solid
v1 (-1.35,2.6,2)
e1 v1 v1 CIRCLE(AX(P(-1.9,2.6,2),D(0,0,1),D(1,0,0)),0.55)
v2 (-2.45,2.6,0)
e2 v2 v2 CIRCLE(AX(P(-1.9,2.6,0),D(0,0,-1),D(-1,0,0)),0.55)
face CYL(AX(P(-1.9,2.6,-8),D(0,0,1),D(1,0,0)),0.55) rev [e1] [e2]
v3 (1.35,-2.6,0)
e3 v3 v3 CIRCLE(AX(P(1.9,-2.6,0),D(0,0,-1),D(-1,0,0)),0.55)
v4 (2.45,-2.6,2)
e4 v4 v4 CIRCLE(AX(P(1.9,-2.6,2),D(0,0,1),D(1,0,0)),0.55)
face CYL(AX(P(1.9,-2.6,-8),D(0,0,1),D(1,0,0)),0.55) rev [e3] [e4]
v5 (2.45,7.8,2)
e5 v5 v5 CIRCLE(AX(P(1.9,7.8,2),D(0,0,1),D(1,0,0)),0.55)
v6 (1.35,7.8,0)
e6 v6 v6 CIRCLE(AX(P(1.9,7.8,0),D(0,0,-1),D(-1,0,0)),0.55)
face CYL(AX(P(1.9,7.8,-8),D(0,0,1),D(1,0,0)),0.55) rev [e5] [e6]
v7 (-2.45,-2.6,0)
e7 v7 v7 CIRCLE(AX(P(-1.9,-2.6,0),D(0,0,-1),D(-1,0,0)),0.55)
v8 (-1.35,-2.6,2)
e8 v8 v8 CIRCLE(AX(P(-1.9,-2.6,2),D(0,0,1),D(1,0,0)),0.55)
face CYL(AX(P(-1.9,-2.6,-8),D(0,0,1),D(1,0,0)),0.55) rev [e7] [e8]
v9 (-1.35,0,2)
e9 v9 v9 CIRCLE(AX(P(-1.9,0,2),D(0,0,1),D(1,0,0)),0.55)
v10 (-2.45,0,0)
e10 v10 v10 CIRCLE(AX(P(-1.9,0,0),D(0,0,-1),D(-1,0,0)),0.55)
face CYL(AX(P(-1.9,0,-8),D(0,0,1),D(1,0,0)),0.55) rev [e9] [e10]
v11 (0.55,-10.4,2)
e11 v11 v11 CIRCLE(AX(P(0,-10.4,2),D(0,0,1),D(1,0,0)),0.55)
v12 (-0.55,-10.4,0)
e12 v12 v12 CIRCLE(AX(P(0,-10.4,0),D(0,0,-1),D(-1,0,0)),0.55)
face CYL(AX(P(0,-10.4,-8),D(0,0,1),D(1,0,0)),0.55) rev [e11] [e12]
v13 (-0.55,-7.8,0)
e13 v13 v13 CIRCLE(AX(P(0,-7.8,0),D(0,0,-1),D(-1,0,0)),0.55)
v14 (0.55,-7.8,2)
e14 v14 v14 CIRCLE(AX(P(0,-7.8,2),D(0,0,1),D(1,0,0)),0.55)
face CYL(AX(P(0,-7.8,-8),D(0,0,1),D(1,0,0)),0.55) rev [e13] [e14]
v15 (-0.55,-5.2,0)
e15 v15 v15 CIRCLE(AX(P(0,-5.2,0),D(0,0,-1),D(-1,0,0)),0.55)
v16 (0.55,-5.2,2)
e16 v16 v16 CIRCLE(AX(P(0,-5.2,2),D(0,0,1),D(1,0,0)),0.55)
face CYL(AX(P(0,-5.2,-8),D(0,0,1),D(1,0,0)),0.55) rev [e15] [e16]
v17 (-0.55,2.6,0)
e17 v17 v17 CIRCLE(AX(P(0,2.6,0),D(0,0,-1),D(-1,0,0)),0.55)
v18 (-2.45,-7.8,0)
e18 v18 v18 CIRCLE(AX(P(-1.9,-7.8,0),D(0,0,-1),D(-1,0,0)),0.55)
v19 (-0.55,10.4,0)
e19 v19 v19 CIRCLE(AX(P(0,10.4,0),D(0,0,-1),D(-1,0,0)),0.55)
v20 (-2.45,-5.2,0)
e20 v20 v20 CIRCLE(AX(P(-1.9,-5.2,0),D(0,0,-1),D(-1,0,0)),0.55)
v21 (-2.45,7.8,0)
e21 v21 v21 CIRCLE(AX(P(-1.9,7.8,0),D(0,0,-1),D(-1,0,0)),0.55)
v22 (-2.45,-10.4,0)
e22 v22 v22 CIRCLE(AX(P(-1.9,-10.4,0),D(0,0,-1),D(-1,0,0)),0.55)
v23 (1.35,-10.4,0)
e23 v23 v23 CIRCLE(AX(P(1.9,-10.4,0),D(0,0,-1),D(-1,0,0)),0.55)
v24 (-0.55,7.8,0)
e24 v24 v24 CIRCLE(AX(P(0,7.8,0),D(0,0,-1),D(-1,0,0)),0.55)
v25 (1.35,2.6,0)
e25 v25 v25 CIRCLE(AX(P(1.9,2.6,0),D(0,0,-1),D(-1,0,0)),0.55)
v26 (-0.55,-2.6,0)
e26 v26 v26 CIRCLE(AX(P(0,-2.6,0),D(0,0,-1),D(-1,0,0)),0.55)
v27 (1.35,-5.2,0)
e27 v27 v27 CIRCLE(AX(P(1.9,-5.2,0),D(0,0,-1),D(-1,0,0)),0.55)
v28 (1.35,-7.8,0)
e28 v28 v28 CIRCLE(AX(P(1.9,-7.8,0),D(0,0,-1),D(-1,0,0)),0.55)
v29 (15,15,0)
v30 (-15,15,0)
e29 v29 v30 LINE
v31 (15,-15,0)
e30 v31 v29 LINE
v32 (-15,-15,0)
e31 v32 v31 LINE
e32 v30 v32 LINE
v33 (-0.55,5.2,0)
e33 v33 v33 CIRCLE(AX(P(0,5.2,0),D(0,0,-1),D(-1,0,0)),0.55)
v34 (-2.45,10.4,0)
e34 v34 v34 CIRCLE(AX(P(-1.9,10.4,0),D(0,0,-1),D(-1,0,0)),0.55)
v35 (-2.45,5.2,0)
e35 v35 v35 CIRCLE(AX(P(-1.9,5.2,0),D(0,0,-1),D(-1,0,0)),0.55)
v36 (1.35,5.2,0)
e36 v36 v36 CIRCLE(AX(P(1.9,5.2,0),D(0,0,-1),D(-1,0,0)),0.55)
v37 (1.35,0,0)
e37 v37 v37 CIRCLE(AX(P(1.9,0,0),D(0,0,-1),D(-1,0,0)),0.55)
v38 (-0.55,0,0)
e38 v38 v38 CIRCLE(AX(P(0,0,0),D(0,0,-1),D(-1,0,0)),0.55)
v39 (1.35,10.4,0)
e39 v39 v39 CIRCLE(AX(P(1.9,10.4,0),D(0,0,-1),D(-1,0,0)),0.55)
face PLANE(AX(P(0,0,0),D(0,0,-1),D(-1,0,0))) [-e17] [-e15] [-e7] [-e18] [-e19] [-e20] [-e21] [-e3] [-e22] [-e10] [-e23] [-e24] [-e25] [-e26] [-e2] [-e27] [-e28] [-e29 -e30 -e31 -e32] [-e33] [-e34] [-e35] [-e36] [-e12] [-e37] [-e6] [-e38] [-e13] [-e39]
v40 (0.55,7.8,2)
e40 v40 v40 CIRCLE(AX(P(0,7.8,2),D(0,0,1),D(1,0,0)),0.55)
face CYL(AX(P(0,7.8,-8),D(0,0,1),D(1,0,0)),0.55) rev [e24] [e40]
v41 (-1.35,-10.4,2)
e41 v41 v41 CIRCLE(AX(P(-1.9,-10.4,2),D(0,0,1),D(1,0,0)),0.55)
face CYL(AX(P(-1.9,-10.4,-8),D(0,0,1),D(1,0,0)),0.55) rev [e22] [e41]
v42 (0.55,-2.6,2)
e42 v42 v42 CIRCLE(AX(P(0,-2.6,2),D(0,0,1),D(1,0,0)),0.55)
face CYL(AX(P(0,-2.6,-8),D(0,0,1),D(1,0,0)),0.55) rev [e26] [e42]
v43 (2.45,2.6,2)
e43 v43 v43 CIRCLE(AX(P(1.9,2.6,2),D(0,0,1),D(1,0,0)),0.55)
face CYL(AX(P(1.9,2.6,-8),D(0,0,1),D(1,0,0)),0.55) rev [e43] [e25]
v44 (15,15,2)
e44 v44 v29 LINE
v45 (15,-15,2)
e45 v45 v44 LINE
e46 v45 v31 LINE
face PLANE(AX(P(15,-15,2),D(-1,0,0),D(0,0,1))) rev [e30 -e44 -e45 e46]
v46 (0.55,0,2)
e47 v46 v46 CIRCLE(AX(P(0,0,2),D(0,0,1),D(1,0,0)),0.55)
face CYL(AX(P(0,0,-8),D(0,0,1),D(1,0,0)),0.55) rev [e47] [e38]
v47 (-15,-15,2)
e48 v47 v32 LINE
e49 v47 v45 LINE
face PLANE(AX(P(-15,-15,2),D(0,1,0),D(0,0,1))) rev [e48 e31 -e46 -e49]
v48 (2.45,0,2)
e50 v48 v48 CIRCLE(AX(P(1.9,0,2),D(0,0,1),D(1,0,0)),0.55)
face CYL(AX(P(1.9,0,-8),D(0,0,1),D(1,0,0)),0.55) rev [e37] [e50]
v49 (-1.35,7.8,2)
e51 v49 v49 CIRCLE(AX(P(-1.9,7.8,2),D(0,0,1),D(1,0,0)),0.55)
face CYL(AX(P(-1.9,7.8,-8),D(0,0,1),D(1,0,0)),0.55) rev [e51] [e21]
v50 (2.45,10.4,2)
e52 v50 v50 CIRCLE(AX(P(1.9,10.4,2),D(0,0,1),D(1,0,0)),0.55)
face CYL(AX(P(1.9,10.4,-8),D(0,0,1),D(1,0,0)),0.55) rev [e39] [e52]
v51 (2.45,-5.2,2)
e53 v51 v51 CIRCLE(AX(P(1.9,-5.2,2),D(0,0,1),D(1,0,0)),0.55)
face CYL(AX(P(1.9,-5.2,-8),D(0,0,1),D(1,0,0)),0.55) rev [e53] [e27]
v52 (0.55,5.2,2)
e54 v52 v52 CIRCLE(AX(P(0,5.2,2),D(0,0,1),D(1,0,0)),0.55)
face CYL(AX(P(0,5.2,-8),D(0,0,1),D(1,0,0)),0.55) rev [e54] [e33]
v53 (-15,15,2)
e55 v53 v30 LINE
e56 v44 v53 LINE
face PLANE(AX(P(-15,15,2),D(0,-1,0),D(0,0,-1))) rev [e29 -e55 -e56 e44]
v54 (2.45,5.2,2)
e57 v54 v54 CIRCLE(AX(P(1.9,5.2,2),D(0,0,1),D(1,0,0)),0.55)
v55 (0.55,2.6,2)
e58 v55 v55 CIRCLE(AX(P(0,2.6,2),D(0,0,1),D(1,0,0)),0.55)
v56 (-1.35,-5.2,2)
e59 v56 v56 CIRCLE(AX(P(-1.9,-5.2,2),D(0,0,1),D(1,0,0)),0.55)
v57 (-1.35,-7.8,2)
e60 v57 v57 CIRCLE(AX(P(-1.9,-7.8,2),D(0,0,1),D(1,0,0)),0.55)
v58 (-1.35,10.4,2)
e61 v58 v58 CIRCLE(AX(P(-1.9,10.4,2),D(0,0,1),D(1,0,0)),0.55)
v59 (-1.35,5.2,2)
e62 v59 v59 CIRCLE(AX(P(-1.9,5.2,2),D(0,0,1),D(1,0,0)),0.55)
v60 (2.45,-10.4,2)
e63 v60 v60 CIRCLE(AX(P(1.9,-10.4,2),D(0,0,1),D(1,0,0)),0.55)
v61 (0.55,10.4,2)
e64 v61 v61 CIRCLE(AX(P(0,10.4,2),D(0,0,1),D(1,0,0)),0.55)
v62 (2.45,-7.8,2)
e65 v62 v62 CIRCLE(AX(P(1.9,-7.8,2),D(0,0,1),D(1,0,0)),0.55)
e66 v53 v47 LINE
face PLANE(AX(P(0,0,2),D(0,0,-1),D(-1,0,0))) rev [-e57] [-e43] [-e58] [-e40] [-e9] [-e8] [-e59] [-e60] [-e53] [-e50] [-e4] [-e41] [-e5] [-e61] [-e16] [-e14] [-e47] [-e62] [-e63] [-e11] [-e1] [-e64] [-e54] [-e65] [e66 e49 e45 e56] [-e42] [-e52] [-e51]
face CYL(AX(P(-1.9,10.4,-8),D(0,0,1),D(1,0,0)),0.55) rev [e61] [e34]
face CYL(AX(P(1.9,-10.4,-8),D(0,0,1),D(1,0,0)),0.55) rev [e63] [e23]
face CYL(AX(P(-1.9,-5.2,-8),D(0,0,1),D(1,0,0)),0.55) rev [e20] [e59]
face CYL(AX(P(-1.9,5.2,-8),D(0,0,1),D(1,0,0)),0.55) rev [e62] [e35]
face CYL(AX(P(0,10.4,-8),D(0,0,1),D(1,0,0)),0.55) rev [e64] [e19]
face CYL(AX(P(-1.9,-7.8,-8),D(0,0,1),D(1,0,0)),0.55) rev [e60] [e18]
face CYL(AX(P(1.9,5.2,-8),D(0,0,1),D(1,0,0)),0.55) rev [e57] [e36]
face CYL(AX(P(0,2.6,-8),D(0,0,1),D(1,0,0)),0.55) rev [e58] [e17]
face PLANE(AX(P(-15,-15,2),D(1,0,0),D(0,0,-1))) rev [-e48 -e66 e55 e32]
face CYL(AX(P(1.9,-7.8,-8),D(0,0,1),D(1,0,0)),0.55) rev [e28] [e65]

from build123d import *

# Parameters (mm, degrees)
ESQUISSE1_W            = 30
ESQUISSE1_H            = 30
BASE_PLATE_DEPTH       = 2
SKETCH_PERFORATIONS_R  = 0.55
CUT_PERFORATIONS_DEPTH = 10


with BuildPart() as part:
    # Esquisse1 → Base_Plate (new body)
    with BuildSketch(Plane.XY):
        Rectangle(ESQUISSE1_W, ESQUISSE1_H)
    extrude(amount=BASE_PLATE_DEPTH)

    # Sketch_Perforations → Cut_Perforations (cut)
    with BuildSketch(Plane.XY.offset(2)):
        with Locations((-1.9, -10.4)):
            Circle(SKETCH_PERFORATIONS_R)
        with Locations((-1.9, -7.8)):
            Circle(SKETCH_PERFORATIONS_R)
        with Locations((-1.9, -5.2)):
            Circle(SKETCH_PERFORATIONS_R)
        with Locations((-1.9, -2.6)):
            Circle(SKETCH_PERFORATIONS_R)
        with Locations((-1.9, 0)):
            Circle(SKETCH_PERFORATIONS_R)
        with Locations((-1.9, 2.6)):
            Circle(SKETCH_PERFORATIONS_R)
        with Locations((-1.9, 5.2)):
            Circle(SKETCH_PERFORATIONS_R)
        with Locations((-1.9, 7.8)):
            Circle(SKETCH_PERFORATIONS_R)
        with Locations((-1.9, 10.4)):
            Circle(SKETCH_PERFORATIONS_R)
        with Locations((0, -10.4)):
            Circle(SKETCH_PERFORATIONS_R)
        with Locations((0, -7.8)):
            Circle(SKETCH_PERFORATIONS_R)
        with Locations((0, -5.2)):
            Circle(SKETCH_PERFORATIONS_R)
        with Locations((0, -2.6)):
            Circle(SKETCH_PERFORATIONS_R)
        Circle(SKETCH_PERFORATIONS_R)
        with Locations((0, 2.6)):
            Circle(SKETCH_PERFORATIONS_R)
        with Locations((0, 5.2)):
            Circle(SKETCH_PERFORATIONS_R)
        with Locations((0, 7.8)):
            Circle(SKETCH_PERFORATIONS_R)
        with Locations((0, 10.4)):
            Circle(SKETCH_PERFORATIONS_R)
        with Locations((1.9, -10.4)):
            Circle(SKETCH_PERFORATIONS_R)
        with Locations((1.9, -7.8)):
            Circle(SKETCH_PERFORATIONS_R)
        with Locations((1.9, -5.2)):
            Circle(SKETCH_PERFORATIONS_R)
        with Locations((1.9, -2.6)):
            Circle(SKETCH_PERFORATIONS_R)
        with Locations((1.9, 0)):
            Circle(SKETCH_PERFORATIONS_R)
        with Locations((1.9, 2.6)):
            Circle(SKETCH_PERFORATIONS_R)
        with Locations((1.9, 5.2)):
            Circle(SKETCH_PERFORATIONS_R)
        with Locations((1.9, 7.8)):
            Circle(SKETCH_PERFORATIONS_R)
        with Locations((1.9, 10.4)):
            Circle(SKETCH_PERFORATIONS_R)
    extrude(amount=-CUT_PERFORATIONS_DEPTH, mode=Mode.SUBTRACT)


solid = part.part
